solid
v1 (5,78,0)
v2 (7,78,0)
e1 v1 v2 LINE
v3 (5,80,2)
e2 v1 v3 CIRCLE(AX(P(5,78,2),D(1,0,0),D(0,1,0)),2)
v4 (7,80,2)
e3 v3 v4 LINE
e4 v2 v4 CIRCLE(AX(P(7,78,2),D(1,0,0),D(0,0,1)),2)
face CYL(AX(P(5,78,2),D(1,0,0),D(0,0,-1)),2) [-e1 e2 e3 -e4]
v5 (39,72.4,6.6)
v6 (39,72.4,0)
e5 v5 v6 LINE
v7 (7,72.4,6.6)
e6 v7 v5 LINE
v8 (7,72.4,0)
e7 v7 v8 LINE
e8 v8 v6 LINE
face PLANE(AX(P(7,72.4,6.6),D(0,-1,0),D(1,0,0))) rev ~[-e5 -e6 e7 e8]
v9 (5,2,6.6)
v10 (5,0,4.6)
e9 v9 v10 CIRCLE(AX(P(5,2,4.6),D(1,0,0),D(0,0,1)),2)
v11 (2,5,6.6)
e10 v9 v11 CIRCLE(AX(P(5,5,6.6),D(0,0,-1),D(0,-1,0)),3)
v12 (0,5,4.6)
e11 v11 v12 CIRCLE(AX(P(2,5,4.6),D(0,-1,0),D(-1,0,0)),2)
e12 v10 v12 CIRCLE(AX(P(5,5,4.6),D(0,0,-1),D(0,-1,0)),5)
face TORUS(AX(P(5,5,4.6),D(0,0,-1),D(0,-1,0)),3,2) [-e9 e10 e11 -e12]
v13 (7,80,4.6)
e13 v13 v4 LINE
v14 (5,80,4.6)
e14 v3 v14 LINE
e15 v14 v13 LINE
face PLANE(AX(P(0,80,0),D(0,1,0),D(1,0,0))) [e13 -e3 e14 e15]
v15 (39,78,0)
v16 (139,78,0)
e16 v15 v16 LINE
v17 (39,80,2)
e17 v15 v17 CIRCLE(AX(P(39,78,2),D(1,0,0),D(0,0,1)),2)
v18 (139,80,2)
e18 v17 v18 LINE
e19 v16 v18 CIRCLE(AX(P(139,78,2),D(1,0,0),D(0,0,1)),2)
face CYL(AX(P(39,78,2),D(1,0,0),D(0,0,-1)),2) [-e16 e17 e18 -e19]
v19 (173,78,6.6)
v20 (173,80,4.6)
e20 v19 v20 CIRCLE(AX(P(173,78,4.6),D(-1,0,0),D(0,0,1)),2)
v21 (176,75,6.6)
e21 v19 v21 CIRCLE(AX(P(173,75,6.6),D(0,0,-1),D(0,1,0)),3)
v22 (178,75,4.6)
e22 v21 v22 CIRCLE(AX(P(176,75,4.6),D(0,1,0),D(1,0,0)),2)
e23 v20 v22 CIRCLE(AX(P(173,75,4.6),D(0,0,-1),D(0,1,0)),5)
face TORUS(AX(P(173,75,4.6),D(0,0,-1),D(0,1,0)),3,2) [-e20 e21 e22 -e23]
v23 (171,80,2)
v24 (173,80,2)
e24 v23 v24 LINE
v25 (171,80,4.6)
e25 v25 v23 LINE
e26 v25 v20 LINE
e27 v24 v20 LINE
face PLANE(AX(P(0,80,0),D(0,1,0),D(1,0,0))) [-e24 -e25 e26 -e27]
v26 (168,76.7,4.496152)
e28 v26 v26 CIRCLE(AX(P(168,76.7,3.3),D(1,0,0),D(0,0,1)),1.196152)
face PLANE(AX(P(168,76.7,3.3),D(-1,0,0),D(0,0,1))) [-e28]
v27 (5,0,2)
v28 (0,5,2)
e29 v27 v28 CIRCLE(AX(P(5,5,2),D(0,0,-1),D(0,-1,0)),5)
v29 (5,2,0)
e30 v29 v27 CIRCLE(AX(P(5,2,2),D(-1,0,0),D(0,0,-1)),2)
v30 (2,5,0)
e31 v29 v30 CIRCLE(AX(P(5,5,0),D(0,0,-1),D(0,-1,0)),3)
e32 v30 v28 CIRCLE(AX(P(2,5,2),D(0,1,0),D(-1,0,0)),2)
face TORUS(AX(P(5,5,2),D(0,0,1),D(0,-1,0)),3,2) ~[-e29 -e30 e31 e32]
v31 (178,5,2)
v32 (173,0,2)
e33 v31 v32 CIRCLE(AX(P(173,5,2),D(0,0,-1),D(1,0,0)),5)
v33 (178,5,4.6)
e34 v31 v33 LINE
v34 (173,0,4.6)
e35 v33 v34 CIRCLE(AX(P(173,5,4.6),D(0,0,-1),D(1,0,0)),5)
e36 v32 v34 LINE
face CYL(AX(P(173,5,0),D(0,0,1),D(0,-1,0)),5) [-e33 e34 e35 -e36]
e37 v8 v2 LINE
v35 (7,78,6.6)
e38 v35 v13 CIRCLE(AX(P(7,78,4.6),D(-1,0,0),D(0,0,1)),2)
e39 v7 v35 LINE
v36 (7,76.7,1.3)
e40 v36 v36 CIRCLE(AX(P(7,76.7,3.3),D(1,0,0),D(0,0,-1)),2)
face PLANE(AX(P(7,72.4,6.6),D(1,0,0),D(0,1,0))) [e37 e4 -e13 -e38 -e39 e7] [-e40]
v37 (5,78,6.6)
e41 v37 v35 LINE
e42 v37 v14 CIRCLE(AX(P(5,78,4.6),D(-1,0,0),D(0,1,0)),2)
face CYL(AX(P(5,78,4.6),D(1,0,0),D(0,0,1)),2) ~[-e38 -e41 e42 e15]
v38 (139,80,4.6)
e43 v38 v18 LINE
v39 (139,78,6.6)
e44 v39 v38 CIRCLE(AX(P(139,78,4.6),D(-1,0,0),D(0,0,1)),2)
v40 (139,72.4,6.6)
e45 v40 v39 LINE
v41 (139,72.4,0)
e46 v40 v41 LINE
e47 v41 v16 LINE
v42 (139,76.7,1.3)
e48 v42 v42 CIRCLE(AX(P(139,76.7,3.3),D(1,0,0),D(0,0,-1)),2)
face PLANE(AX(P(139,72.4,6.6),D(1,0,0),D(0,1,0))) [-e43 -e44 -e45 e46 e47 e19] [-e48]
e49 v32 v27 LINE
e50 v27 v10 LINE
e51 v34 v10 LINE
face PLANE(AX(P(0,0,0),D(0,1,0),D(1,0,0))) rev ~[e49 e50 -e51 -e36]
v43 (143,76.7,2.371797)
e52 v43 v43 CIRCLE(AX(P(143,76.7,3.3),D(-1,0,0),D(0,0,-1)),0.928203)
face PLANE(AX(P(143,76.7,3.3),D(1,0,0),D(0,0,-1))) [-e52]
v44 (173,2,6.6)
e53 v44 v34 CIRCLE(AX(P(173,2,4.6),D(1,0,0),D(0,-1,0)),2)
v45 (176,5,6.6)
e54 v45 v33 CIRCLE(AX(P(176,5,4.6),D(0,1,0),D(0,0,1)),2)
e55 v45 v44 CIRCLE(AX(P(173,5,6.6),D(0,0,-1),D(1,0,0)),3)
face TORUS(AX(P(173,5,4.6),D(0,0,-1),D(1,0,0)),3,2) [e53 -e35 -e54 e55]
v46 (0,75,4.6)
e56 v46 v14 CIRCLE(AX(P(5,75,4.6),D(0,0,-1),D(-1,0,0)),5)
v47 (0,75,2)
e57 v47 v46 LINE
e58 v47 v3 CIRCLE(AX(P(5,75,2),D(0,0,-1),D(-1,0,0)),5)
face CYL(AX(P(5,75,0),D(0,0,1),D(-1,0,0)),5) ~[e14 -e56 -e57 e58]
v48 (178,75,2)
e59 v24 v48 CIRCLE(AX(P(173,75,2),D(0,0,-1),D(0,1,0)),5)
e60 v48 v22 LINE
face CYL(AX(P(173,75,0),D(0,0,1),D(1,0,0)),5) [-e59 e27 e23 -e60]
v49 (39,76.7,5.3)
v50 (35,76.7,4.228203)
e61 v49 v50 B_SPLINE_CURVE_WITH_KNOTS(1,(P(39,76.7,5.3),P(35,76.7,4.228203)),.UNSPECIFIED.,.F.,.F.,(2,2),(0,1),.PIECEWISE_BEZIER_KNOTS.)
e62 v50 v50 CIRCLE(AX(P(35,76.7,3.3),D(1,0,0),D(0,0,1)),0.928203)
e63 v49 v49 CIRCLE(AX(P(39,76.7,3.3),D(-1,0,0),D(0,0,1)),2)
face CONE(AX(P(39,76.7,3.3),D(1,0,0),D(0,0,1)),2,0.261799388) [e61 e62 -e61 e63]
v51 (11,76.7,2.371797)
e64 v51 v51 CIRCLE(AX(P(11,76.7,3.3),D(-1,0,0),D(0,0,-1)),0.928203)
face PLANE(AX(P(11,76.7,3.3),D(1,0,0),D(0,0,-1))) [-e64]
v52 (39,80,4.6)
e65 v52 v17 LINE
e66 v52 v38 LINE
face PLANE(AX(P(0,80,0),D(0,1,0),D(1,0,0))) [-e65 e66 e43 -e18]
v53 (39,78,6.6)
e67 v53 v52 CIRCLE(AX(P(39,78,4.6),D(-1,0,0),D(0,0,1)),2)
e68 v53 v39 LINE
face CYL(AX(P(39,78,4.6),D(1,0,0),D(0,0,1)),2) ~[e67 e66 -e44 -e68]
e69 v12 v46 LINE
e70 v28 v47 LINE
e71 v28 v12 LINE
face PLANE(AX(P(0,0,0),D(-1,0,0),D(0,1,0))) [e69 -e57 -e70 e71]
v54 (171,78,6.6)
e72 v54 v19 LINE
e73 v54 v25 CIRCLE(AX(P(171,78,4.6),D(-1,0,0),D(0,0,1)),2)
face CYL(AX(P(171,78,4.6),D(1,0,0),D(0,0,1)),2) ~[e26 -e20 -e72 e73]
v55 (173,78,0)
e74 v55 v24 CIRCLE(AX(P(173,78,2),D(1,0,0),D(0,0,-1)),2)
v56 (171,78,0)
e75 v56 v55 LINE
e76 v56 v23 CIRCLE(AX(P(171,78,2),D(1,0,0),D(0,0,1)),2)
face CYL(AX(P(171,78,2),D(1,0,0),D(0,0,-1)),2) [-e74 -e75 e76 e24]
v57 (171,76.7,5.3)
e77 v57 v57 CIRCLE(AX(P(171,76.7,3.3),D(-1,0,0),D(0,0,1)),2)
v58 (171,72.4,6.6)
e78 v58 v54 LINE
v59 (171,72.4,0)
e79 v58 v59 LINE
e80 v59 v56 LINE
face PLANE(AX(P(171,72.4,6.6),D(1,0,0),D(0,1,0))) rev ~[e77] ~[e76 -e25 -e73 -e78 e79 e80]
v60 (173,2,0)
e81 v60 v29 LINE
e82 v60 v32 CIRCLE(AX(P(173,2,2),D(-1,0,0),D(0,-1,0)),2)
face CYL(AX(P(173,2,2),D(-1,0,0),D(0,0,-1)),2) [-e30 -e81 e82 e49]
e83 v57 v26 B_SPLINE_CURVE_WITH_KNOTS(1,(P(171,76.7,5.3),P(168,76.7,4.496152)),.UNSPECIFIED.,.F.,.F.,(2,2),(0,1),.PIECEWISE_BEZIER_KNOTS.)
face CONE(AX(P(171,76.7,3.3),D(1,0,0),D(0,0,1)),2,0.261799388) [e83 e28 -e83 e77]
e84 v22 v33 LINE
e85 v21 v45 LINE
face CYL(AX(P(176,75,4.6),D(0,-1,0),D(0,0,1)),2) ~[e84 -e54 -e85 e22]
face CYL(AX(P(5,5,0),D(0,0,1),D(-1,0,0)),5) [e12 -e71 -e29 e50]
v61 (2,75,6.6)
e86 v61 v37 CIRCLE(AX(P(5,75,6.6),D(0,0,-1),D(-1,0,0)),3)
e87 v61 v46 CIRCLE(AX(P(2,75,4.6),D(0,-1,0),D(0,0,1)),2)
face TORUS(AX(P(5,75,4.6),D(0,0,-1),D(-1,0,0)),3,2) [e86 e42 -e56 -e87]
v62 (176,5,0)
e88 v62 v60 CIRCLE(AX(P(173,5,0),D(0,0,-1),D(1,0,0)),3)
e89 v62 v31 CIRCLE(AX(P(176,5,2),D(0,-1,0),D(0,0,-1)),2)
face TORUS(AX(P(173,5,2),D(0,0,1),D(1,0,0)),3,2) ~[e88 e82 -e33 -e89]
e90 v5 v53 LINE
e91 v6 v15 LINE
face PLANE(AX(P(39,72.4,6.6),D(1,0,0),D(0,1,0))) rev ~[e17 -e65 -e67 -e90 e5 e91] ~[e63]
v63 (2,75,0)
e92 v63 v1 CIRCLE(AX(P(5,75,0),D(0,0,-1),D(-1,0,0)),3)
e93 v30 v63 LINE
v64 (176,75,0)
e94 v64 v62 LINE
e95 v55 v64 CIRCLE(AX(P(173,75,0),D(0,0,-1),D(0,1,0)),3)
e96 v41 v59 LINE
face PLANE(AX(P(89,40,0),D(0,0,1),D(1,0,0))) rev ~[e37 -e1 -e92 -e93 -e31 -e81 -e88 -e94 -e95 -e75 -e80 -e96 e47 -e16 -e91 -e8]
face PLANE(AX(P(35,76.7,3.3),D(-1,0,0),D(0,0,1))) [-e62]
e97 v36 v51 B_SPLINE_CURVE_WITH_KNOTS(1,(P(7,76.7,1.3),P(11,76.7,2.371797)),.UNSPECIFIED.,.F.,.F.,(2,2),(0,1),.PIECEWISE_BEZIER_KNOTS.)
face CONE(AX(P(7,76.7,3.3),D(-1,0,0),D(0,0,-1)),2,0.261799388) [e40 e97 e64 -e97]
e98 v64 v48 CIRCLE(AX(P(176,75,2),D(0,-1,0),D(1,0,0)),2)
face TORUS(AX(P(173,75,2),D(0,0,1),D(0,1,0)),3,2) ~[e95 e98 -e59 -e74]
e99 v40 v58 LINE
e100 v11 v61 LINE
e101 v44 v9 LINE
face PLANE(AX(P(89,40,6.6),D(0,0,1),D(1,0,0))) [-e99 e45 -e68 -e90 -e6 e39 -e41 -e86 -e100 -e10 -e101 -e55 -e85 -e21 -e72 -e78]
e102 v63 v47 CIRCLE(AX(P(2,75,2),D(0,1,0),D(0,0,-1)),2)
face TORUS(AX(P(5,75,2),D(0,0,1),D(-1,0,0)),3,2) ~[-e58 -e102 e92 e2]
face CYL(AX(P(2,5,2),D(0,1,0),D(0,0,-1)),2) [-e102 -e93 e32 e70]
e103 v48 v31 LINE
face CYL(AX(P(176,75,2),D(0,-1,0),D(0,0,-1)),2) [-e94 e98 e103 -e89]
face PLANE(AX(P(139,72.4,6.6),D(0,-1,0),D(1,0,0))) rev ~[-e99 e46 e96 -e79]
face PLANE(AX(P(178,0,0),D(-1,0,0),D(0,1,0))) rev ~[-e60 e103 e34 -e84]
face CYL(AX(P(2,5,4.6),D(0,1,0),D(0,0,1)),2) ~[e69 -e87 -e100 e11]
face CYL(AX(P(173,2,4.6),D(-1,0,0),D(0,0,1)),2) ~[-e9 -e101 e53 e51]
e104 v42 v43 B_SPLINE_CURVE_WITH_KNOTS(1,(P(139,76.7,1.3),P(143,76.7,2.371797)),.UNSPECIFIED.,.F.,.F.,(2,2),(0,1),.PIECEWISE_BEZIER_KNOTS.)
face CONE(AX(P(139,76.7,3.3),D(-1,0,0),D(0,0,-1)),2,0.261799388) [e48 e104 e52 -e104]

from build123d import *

# Parameters (mm, degrees)
SKETCH1_W           = 178
SKETCH1_H           = 80
BOSS_EXTRUDE1_DEPTH = 6.6
FILLET1_R           = 5
SKETCH5_W           = 32
SKETCH5_H           = 7.6
CUT_EXTRUDE1_DEPTH  = 6.6
SKETCH13_R          = 2
BOSS_EXTRUDE2_DEPTH = 4
BOSS_EXTRUDE2_TAPER = 15
SKETCH10_R          = 2
BOSS_EXTRUDE5_DEPTH = 4
BOSS_EXTRUDE5_TAPER = 15
SKETCH9_R           = 2
BOSS_EXTRUDE6_DEPTH = 4
BOSS_EXTRUDE6_TAPER = 15
SKETCH6_R           = 2
BOSS_EXTRUDE9_DEPTH = 3
BOSS_EXTRUDE9_TAPER = 15
ZAOBLIT4_R          = 2


with BuildPart() as part:
    # Sketch1 → Boss-Extrude1 (new body)
    with BuildSketch(Plane.XY):
        with Locations((89, 40)):
            Rectangle(SKETCH1_W, SKETCH1_H)
    extrude(amount=BOSS_EXTRUDE1_DEPTH)

    # Fillet1
    fillet1_edges = [part.edges().sort_by_distance(p)[0] for p in [
        (0, 80, 3.3),
        (178, 80, 3.3),
        (178, 0, 3.3),
        (0, 0, 3.3),
    ]]
    fillet(fillet1_edges, radius=FILLET1_R)

    # Sketch5 → Cut-Extrude1 (cut)
    with BuildSketch(Plane.XY.offset(6.6)):
        with Locations((23, 76.2)):
            Rectangle(SKETCH5_W, SKETCH5_H)
        with Locations((155, 76.2)):
            Rectangle(SKETCH5_W, SKETCH5_H)
    extrude(amount=-CUT_EXTRUDE1_DEPTH, mode=Mode.SUBTRACT)

    # Sketch13 → Boss-Extrude2 (add)
    with BuildSketch(Plane(origin=(139, 0, 0), x_dir=(0, 0, -1), z_dir=(1, 0, 0))):
        with Locations((-3.3, 76.7)):
            Circle(SKETCH13_R)
    extrude(amount=BOSS_EXTRUDE2_DEPTH, taper=BOSS_EXTRUDE2_TAPER)

    # Sketch10 → Boss-Extrude5 (add)
    with BuildSketch(Plane(origin=(7, 0, 0), x_dir=(0, 0, -1), z_dir=(1, 0, 0))):
        with Locations((-3.3, 76.7)):
            Circle(SKETCH10_R)
    extrude(amount=BOSS_EXTRUDE5_DEPTH, taper=BOSS_EXTRUDE5_TAPER)

    # Sketch9 → Boss-Extrude6 (add)
    with BuildSketch(Plane.ZY.offset(-39)):
        with Locations((3.3, 76.7)):
            Circle(SKETCH9_R)
    extrude(amount=BOSS_EXTRUDE6_DEPTH, taper=BOSS_EXTRUDE6_TAPER)

    # Sketch6 → Boss-Extrude9 (add)
    with BuildSketch(Plane.ZY.offset(-171)):
        with Locations((3.3, 76.7)):
            Circle(SKETCH6_R)
    extrude(amount=BOSS_EXTRUDE9_DEPTH, taper=BOSS_EXTRUDE9_TAPER)

    # Zaoblit4
    zaoblit4_edges = [part.edges().sort_by_distance(p)[0] for p in [
        (172, 80, 0),
        (172, 80, 6.6),
        (0, 40, 0),
        (178, 40, 0),
        (89, 0, 0),
        (1.464466094, 1.464466094, 0),
        (176.535533906, 1.464466094, 0),
        (1.464466094, 78.535533906, 0),
        (176.535533906, 78.535533906, 0),
        (178, 40, 6.6),
        (0, 40, 6.6),
        (89, 0, 6.6),
        (1.464466094, 1.464466094, 6.6),
        (176.535533906, 1.464466094, 6.6),
        (1.464466094, 78.535533906, 6.6),
        (176.535533906, 78.535533906, 6.6),
        (89, 80, 0),
        (6, 80, 0),
        (89, 80, 6.6),
        (6, 80, 6.6),
    ]]
    fillet(zaoblit4_edges, radius=ZAOBLIT4_R)


solid = part.part
